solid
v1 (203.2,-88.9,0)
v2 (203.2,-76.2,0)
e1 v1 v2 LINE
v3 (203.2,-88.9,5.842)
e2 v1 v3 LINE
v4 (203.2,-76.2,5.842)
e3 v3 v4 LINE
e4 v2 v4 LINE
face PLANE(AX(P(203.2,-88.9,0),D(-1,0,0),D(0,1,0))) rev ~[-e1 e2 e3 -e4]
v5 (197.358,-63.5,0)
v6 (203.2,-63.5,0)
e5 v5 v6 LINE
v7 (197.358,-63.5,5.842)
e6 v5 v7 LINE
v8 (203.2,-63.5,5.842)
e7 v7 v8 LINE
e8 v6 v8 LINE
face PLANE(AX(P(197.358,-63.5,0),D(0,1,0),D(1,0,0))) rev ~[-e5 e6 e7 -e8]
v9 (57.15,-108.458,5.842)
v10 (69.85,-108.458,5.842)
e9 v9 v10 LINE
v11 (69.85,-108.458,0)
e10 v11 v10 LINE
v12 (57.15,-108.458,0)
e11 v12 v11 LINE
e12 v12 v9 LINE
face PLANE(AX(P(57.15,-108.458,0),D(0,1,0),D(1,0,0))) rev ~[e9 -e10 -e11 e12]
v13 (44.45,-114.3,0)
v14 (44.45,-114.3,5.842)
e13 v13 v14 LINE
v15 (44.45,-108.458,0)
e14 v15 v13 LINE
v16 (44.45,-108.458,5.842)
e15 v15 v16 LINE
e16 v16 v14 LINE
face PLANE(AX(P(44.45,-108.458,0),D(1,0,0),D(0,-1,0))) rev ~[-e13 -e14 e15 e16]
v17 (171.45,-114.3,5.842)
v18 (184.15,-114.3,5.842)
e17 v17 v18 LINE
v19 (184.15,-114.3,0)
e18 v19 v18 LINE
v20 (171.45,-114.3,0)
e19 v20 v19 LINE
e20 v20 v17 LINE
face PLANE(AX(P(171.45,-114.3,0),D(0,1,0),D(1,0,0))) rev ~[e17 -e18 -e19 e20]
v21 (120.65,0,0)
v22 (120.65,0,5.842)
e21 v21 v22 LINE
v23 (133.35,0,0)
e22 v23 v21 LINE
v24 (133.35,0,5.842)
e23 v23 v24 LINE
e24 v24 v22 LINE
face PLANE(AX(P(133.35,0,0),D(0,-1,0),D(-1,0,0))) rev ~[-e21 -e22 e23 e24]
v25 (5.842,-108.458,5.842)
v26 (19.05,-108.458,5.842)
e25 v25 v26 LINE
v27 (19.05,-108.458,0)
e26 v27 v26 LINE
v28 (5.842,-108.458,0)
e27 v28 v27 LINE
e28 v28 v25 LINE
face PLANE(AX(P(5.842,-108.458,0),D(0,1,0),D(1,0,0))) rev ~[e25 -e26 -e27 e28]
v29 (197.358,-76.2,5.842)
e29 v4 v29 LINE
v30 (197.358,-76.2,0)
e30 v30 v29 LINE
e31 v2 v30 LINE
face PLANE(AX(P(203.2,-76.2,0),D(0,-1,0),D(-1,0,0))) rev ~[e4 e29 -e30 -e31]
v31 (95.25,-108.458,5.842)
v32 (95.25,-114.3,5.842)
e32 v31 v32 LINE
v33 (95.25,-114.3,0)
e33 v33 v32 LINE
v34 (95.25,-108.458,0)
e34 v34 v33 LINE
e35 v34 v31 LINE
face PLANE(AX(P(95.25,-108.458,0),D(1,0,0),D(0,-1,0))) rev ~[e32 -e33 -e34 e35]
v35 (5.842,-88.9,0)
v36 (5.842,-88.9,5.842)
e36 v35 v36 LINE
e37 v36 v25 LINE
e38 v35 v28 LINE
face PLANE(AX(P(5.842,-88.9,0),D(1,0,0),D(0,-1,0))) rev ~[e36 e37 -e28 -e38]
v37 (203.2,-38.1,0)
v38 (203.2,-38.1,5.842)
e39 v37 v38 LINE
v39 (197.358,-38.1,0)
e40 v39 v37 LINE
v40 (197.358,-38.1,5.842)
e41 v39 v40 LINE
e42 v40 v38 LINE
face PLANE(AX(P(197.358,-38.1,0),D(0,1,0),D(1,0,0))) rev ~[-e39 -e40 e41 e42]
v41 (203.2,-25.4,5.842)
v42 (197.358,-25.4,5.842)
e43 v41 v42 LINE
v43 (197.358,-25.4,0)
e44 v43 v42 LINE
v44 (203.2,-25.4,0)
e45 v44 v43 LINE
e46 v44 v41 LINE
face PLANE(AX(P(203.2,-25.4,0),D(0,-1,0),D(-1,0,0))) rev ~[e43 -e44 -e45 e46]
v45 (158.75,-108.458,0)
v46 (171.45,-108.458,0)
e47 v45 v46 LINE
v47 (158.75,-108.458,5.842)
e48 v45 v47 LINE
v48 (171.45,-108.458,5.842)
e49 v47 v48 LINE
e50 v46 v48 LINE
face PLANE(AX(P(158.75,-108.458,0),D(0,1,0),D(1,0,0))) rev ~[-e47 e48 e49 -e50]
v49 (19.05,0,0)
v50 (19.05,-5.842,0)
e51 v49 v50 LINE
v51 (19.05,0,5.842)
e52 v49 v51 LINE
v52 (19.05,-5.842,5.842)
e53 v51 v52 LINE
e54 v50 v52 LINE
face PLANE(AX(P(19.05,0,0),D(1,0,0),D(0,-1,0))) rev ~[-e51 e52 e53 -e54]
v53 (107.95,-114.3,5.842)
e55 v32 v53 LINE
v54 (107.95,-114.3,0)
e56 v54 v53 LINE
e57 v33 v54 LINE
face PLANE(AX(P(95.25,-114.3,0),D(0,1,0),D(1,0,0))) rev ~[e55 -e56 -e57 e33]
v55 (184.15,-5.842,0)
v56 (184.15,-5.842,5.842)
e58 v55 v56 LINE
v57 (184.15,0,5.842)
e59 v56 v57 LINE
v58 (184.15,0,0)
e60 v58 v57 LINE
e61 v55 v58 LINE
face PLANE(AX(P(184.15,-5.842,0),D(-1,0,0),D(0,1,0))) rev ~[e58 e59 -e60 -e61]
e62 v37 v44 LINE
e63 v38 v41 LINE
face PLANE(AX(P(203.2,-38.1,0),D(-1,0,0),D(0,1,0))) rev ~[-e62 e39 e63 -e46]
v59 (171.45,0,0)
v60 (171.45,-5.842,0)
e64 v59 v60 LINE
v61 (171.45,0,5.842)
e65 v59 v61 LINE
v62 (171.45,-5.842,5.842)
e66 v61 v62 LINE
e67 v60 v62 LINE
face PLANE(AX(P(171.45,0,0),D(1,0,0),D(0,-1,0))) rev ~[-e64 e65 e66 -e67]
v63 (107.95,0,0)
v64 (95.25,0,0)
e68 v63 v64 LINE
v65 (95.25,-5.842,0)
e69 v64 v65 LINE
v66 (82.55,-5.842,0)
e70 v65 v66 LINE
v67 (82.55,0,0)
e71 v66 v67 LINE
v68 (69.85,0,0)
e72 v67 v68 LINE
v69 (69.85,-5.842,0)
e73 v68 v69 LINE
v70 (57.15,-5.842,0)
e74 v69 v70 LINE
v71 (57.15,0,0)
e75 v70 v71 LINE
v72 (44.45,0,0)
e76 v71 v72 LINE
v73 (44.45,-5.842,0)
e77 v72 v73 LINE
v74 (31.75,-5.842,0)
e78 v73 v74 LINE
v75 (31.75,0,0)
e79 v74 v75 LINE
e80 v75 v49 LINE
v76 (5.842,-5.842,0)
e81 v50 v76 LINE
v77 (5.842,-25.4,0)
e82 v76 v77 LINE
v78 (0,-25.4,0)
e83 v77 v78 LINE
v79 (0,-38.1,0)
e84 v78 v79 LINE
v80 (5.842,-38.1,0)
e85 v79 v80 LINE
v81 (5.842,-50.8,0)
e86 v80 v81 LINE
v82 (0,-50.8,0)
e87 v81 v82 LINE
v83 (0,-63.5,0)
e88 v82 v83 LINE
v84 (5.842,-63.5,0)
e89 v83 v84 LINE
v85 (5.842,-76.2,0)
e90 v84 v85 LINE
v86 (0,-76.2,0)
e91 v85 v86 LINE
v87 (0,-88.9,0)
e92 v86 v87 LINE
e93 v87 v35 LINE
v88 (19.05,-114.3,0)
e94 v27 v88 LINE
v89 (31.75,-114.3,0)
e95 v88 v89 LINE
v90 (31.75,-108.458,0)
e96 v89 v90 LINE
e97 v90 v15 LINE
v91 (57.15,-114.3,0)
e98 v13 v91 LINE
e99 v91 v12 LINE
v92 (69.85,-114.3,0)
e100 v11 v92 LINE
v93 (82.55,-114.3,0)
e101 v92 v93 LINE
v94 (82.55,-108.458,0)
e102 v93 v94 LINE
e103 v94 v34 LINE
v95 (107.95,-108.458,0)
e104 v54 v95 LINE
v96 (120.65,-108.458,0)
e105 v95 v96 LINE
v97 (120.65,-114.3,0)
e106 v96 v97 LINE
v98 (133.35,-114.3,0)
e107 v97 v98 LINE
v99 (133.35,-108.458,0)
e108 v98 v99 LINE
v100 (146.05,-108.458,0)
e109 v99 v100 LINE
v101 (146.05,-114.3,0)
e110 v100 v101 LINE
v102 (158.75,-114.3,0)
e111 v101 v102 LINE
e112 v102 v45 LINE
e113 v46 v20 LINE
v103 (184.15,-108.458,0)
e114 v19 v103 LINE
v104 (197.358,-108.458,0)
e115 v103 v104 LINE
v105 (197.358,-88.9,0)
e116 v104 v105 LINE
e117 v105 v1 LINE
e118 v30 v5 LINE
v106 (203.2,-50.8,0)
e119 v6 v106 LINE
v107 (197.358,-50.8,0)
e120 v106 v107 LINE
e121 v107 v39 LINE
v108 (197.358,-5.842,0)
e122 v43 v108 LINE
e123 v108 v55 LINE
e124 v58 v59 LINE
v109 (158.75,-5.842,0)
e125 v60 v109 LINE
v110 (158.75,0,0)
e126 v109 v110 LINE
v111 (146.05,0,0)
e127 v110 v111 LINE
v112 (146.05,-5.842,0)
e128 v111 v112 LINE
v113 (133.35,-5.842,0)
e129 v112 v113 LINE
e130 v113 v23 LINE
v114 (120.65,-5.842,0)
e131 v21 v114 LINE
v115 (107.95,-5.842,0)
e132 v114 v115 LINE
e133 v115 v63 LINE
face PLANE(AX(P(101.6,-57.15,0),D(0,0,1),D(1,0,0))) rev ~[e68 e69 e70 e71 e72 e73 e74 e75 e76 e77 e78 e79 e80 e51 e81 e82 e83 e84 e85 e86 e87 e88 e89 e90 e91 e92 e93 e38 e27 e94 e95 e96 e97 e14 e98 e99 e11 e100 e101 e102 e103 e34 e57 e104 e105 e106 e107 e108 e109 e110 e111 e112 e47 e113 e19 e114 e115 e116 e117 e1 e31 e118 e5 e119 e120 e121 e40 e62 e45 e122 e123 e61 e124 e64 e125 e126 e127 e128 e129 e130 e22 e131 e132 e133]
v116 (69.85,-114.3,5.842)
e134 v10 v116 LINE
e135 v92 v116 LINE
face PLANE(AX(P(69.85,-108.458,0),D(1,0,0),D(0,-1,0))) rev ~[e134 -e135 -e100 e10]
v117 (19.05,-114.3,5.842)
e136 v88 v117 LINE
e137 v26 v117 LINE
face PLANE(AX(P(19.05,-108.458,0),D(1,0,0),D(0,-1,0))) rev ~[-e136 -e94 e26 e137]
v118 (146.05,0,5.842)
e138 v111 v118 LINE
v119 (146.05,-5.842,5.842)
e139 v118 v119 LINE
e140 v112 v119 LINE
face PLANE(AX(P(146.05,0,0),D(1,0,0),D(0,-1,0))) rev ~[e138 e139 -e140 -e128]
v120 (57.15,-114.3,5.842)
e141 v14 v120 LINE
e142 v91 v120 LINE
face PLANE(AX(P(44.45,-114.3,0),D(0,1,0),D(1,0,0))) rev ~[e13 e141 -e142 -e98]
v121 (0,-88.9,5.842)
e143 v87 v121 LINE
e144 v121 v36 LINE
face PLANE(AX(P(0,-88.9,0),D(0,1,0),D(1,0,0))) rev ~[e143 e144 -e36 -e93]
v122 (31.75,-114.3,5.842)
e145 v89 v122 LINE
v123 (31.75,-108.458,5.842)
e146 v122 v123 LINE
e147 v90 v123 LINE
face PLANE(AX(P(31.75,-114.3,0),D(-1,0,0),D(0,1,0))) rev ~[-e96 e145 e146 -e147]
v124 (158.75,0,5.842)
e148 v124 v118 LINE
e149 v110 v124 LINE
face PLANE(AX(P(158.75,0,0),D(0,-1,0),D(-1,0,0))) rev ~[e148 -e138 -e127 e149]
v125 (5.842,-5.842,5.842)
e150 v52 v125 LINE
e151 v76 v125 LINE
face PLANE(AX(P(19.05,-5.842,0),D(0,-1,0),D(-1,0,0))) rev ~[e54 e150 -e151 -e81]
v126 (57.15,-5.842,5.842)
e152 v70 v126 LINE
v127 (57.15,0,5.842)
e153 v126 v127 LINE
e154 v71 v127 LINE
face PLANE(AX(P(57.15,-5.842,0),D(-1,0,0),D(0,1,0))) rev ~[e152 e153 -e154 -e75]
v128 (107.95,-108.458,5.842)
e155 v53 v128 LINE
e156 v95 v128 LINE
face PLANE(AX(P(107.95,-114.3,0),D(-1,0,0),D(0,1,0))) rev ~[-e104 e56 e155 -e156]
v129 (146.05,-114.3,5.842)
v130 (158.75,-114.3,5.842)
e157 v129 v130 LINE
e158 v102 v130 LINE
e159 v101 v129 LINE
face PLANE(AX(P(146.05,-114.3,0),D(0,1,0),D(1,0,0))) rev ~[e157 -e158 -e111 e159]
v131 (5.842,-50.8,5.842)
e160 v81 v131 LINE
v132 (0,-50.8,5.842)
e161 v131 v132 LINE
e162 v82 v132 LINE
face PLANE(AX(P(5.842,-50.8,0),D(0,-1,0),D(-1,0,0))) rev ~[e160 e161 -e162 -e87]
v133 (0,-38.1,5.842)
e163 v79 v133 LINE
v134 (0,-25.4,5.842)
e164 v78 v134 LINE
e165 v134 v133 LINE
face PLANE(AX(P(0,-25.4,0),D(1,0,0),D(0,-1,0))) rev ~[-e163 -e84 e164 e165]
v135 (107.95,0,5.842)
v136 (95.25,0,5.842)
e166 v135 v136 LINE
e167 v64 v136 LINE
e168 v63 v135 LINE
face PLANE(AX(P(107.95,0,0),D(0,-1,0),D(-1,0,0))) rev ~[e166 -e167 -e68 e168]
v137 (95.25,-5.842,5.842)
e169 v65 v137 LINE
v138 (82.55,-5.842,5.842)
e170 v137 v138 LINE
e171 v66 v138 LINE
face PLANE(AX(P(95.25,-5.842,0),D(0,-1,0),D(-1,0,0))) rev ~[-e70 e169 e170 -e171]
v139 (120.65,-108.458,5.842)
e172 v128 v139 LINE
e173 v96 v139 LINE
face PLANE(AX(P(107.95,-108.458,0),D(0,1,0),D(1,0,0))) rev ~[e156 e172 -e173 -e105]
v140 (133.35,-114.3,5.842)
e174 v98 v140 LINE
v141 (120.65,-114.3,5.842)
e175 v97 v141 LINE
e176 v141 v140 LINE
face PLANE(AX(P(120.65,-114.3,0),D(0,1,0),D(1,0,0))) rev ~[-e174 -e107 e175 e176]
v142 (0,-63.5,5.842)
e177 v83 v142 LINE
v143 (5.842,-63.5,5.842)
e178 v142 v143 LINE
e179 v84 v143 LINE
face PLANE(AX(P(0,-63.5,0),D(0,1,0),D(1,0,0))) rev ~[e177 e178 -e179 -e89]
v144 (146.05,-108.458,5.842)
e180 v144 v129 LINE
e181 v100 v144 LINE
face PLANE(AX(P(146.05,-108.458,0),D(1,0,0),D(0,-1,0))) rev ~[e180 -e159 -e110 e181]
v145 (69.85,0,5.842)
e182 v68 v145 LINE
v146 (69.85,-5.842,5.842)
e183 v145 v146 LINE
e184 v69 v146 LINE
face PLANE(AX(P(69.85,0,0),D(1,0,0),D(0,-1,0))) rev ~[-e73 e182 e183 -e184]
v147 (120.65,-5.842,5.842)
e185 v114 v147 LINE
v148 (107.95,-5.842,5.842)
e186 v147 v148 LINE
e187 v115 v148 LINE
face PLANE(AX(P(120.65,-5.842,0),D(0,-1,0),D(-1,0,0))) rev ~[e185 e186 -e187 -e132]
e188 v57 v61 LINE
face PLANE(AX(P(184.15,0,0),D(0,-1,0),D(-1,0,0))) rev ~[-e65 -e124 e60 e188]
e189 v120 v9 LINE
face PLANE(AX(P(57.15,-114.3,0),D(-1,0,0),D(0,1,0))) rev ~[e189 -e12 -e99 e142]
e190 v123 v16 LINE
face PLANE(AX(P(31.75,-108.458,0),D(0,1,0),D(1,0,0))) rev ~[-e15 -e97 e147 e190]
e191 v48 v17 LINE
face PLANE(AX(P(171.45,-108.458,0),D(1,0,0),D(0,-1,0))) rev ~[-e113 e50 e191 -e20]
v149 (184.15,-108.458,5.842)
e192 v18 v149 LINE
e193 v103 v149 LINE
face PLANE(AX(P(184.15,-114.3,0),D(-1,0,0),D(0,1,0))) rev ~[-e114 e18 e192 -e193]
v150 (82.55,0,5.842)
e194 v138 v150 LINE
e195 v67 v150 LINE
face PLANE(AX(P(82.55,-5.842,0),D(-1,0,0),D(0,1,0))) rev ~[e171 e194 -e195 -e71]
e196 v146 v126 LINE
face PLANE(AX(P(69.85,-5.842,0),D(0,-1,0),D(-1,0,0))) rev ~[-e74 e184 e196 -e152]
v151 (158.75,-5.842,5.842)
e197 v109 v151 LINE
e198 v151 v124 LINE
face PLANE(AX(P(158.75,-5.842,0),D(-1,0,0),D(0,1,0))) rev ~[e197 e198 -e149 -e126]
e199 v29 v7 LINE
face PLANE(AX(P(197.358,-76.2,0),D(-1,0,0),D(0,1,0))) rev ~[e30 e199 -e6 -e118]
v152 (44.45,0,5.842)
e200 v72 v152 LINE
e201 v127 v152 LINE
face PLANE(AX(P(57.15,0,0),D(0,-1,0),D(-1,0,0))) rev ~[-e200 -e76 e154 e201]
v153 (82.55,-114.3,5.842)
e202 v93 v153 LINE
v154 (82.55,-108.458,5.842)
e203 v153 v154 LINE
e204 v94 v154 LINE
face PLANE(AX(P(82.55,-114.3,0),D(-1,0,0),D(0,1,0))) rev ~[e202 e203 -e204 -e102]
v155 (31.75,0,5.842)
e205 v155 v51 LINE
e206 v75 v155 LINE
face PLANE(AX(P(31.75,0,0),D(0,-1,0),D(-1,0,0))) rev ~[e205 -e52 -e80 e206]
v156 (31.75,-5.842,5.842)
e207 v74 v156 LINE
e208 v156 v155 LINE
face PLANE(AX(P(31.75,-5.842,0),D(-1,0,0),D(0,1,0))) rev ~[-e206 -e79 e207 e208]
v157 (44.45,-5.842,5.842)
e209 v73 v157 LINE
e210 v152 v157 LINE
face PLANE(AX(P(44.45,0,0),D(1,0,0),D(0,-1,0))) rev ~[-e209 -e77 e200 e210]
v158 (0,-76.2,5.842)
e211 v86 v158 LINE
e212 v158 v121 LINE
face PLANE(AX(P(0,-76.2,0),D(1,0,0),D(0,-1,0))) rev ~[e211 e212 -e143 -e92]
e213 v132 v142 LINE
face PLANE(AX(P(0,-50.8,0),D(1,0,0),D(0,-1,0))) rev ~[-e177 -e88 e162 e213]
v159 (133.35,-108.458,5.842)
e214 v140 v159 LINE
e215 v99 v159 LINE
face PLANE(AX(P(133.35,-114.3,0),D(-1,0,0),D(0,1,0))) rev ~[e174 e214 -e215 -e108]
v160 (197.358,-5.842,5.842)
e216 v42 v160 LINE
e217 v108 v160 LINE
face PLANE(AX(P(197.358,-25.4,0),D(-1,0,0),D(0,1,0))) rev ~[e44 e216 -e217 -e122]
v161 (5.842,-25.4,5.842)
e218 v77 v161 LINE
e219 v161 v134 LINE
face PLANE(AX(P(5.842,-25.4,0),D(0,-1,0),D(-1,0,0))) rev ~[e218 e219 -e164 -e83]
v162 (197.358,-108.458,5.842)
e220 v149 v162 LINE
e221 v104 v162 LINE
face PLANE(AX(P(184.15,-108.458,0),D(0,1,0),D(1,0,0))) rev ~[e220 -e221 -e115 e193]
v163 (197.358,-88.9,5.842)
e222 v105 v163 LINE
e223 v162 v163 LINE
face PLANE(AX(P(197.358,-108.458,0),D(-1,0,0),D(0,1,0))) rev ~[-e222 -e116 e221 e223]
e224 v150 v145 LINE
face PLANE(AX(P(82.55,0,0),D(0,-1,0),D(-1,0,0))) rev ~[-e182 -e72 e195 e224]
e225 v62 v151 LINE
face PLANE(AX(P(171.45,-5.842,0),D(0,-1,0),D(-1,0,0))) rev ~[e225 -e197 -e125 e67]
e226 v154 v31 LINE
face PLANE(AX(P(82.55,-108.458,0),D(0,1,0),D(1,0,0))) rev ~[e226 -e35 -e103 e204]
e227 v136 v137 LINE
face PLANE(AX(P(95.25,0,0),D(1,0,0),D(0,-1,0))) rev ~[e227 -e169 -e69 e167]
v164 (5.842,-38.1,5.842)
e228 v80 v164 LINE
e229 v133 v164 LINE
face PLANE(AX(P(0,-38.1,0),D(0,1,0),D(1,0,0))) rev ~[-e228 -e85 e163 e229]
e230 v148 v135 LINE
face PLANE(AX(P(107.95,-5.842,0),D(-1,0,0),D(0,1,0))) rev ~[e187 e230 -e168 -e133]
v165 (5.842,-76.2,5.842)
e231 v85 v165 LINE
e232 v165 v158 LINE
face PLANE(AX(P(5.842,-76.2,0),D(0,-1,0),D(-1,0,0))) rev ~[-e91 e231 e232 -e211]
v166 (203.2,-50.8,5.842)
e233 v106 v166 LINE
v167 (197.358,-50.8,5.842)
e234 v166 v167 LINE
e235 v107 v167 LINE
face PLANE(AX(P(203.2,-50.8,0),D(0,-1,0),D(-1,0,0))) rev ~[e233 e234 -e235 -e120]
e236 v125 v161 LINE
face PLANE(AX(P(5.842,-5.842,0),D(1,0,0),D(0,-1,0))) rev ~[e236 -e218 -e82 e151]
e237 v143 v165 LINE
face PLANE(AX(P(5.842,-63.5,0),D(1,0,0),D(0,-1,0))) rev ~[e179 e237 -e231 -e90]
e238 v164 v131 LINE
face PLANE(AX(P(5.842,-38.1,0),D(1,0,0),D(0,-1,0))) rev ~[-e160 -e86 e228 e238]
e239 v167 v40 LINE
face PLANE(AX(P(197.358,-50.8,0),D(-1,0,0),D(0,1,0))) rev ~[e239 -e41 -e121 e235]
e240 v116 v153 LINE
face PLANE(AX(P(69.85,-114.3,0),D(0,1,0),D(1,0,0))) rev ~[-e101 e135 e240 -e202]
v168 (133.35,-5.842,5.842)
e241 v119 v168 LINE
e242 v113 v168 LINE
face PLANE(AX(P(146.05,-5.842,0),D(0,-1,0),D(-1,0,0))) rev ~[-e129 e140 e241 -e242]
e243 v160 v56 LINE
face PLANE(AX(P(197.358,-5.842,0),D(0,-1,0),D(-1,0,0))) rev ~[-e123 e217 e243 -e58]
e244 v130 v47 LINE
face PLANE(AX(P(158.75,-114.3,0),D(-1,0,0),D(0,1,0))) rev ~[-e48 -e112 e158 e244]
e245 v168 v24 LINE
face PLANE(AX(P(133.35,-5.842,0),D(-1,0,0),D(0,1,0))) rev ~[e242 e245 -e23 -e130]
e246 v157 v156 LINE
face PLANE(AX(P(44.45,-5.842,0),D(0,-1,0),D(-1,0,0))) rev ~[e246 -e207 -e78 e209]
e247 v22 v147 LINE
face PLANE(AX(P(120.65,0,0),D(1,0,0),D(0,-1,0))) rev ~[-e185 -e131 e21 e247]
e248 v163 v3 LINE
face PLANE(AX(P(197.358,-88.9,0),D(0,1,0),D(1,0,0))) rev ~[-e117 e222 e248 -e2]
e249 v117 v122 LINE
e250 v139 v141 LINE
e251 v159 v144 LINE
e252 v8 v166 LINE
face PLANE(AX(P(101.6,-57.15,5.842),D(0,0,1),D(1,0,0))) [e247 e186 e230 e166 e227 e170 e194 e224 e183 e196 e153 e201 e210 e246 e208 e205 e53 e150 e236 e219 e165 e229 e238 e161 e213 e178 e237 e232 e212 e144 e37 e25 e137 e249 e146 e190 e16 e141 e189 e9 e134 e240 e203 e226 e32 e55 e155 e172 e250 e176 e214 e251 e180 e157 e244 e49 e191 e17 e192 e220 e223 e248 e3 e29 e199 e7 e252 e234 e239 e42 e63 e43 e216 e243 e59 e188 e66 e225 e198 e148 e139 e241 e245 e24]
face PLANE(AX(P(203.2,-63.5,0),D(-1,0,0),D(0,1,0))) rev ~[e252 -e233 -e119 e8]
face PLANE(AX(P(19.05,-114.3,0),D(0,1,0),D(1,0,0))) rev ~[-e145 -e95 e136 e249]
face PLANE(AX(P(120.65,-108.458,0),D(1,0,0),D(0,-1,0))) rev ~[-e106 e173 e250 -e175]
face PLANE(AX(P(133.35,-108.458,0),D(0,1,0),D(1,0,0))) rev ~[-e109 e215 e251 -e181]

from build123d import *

# Parameters (mm, degrees)
F1_DEPTH = 5.842


with BuildPart() as f1:
    # F0 (on Top) → F1 (new body)
    with BuildSketch(Plane.XY):
        Polygon((31.75, 0), (19.05, 0), (19.05, -5.842), (5.842, -5.842), (5.842, -25.4), (0, -25.4), (0, -38.1), (5.842, -38.1), (5.842, -50.8), (0, -50.8), (0, -63.5), (5.842, -63.5), (5.842, -76.2), (0, -76.2), (0, -88.9), (5.842, -88.9), (5.842, -108.458), (19.05, -108.458), (19.05, -114.3), (31.75, -114.3), (31.75, -108.458), (44.45, -108.458), (44.45, -114.3), (57.15, -114.3), (57.15, -108.458), (69.85, -108.458), (69.85, -114.3), (82.55, -114.3), (82.55, -108.458), (95.25, -108.458), (95.25, -114.3), (107.95, -114.3), (107.95, -108.458), (120.65, -108.458), (120.65, -114.3), (133.35, -114.3), (133.35, -108.458), (146.05, -108.458), (146.05, -114.3), (158.75, -114.3), (158.75, -108.458), (171.45, -108.458), (171.45, -114.3), (184.15, -114.3), (184.15, -108.458), (197.358, -108.458), (197.358, -88.9), (203.2, -88.9), (203.2, -76.2), (197.358, -76.2), (197.358, -63.5), (203.2, -63.5), (203.2, -50.8), (197.358, -50.8), (197.358, -38.1), (203.2, -38.1), (203.2, -25.4), (197.358, -25.4), (197.358, -5.842), (184.15, -5.842), (184.15, 0), (171.45, 0), (171.45, -5.842), (158.75, -5.842), (158.75, 0), (146.05, 0), (146.05, -5.842), (133.35, -5.842), (133.35, 0), (120.65, 0), (120.65, -5.842), (107.95, -5.842), (107.95, 0), (95.25, 0), (95.25, -5.842), (82.55, -5.842), (82.55, 0), (69.85, 0), (69.85, -5.842), (57.15, -5.842), (57.15, 0), (44.45, 0), (44.45, -5.842), (31.75, -5.842), align=None)
    extrude(amount=F1_DEPTH)


solid = f1.part
